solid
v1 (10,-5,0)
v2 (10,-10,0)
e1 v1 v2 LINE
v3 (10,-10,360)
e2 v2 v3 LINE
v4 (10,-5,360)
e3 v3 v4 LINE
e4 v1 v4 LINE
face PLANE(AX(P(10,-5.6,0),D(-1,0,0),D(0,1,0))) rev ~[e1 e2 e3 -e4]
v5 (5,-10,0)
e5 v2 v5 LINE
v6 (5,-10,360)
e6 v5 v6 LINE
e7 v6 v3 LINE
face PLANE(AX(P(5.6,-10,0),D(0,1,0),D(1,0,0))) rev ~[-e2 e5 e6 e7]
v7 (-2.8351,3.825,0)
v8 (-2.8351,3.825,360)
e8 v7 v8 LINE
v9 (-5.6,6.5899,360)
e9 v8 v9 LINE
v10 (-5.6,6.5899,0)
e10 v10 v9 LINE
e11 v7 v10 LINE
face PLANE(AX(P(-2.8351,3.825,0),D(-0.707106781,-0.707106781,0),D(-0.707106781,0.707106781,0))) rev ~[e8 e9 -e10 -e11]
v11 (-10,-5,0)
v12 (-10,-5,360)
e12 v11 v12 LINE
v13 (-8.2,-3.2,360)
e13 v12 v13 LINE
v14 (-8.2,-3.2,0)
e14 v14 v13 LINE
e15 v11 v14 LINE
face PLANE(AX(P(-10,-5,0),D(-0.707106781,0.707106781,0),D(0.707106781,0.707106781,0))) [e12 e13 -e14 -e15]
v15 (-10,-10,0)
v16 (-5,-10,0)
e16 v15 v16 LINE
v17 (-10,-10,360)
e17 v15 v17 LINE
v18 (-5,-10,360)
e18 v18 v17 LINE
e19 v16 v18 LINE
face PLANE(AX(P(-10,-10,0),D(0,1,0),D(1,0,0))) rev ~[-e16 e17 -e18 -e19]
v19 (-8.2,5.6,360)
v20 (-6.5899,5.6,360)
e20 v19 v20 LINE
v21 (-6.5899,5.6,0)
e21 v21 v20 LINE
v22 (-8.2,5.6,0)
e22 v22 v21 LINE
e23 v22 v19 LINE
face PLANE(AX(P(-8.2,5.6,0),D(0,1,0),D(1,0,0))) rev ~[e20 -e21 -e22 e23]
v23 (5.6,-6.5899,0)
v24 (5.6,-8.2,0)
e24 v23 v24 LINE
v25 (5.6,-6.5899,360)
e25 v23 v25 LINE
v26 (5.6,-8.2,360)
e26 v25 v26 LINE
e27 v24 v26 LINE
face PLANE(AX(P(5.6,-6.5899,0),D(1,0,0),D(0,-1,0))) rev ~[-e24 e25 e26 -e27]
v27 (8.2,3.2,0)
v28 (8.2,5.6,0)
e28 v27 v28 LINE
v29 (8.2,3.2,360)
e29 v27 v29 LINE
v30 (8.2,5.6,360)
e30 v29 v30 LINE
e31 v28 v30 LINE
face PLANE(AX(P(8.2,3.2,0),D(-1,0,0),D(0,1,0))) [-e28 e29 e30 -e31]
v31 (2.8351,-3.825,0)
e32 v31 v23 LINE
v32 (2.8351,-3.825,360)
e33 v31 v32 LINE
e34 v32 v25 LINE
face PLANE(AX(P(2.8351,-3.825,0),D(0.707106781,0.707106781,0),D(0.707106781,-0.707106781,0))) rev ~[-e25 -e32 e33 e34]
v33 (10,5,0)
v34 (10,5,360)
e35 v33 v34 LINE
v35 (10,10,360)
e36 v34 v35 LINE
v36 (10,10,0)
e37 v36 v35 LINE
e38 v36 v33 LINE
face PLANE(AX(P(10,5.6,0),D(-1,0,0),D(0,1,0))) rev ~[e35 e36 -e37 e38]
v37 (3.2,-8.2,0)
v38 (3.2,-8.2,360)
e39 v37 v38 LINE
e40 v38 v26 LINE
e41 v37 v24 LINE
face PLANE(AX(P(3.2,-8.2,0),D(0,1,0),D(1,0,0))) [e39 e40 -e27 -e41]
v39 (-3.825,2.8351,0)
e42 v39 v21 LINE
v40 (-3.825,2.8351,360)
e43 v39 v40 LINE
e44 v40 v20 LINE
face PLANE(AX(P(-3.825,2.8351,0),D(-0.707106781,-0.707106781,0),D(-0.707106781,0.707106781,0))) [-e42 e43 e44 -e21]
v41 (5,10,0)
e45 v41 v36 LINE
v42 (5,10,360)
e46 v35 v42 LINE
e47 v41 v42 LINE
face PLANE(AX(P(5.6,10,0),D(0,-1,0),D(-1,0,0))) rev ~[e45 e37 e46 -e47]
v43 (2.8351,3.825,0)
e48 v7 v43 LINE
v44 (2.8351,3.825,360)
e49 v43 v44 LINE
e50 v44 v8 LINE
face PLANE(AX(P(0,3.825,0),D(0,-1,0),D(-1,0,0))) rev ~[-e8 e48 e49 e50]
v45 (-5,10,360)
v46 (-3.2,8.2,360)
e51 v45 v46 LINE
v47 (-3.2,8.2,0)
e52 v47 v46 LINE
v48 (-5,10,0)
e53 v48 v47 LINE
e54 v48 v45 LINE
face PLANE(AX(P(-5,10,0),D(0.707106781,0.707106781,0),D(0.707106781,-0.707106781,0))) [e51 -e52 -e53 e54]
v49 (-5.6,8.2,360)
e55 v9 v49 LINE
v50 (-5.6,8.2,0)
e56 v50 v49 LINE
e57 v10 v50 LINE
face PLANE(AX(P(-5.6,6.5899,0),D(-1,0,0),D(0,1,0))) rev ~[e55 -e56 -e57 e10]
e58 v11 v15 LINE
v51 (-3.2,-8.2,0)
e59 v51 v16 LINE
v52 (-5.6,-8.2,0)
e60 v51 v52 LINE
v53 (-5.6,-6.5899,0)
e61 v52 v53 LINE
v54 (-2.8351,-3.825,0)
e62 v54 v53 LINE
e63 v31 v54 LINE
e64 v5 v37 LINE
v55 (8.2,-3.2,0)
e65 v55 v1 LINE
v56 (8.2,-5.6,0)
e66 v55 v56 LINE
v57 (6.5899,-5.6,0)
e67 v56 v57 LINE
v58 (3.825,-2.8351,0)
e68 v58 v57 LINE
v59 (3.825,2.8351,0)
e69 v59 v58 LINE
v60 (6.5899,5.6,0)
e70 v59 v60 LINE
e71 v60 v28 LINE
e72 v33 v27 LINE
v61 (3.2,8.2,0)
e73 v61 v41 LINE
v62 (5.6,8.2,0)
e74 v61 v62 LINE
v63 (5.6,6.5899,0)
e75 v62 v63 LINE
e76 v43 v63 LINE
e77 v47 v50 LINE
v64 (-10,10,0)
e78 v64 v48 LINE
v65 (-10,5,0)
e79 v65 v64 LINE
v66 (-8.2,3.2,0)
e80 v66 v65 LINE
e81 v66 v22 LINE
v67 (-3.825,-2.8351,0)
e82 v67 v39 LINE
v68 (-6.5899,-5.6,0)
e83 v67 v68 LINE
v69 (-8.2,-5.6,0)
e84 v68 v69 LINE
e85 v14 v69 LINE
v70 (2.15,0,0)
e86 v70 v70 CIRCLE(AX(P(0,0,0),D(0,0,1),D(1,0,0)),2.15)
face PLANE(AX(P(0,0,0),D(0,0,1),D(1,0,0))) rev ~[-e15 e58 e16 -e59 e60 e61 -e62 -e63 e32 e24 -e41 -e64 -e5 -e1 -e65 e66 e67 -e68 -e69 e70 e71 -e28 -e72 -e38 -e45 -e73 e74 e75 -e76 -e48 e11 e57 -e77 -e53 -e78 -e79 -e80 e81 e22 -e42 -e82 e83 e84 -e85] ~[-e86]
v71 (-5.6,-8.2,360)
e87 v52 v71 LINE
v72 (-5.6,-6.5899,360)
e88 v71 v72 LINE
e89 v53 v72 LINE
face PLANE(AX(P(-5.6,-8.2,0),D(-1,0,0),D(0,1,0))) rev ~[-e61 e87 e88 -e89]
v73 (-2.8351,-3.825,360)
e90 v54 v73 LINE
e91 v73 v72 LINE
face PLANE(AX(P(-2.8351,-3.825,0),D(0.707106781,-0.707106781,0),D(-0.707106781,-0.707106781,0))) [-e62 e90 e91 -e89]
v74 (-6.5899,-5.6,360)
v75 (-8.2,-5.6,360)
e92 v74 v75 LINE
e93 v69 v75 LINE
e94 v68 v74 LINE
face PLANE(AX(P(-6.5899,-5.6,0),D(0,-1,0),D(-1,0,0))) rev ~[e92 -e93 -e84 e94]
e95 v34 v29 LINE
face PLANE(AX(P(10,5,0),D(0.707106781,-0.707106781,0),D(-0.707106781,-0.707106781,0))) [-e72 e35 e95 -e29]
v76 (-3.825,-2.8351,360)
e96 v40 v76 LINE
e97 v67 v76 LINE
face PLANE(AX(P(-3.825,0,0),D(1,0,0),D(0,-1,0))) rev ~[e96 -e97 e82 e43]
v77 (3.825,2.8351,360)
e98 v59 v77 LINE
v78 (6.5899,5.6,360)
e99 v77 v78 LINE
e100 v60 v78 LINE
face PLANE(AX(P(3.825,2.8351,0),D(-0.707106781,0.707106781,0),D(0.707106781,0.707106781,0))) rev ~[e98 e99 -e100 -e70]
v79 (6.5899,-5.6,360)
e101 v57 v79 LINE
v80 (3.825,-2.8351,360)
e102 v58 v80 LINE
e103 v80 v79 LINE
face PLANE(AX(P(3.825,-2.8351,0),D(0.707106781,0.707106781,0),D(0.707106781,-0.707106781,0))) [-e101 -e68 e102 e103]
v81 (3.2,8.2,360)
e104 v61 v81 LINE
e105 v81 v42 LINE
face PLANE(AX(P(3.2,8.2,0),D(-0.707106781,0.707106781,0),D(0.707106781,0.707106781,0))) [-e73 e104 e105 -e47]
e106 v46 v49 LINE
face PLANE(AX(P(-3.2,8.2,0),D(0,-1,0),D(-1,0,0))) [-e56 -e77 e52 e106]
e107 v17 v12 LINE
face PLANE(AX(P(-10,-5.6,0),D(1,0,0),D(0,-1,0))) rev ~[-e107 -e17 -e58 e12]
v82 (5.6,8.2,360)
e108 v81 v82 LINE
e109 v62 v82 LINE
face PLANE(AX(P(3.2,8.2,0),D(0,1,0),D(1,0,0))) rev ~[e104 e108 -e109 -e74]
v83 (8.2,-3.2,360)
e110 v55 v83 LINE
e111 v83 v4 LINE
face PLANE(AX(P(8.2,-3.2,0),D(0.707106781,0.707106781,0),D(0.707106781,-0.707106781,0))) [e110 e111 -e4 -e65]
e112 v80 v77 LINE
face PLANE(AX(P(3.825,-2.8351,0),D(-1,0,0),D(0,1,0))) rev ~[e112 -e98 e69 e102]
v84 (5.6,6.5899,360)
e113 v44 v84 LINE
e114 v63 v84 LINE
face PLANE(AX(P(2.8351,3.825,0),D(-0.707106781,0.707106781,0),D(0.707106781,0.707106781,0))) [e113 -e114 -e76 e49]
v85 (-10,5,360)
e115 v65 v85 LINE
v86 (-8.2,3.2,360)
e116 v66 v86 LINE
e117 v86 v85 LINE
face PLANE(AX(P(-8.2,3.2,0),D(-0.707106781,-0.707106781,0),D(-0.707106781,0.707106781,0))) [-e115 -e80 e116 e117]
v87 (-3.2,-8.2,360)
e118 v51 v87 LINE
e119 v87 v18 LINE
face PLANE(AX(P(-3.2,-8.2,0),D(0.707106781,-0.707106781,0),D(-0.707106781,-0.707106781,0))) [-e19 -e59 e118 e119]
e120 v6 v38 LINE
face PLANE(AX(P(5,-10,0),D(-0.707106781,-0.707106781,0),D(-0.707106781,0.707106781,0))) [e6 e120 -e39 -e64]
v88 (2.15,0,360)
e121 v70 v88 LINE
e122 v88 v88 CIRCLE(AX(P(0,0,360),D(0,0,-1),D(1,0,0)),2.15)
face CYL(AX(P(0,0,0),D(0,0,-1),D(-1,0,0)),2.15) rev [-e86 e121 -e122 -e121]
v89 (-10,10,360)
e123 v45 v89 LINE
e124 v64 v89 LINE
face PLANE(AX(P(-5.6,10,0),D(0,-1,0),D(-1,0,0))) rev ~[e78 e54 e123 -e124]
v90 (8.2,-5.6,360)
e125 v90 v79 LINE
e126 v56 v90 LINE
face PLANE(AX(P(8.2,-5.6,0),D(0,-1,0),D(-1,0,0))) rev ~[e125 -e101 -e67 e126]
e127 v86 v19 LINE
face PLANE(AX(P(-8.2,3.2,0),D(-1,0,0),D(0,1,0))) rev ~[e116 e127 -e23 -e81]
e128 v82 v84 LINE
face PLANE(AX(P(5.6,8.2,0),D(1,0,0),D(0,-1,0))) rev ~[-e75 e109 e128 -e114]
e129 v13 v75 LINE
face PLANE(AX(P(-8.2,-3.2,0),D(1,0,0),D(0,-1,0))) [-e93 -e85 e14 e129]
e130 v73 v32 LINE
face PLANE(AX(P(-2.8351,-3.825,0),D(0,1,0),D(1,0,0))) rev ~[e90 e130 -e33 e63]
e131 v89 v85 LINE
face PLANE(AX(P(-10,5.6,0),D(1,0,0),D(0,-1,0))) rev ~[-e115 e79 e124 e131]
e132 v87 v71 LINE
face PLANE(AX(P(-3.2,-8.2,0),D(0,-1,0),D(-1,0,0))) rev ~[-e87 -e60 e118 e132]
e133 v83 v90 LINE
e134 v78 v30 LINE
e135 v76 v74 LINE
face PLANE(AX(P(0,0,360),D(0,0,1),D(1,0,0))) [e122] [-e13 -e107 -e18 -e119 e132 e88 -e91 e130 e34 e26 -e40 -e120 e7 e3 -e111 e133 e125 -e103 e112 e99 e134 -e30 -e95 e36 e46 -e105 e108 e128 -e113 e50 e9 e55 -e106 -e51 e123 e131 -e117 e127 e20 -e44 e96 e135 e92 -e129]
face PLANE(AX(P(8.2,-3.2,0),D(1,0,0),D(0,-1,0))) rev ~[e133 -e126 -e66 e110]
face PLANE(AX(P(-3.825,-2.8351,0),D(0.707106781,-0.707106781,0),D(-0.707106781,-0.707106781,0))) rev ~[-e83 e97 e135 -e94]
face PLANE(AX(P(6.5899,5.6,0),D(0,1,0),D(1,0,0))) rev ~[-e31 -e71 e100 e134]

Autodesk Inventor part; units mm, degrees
ref_plane "YZ Plane" through (0, 0, 0) normal (1, 0, 0) x (0, 1, 0)
ref_plane "XZ Plane" through (0, 0, 0) normal (0, 1, 0) x (-1, 0, 0)
ref_plane "XY Plane" through (0, 0, 0) normal (0, 0, 1) x (1, 0, 0)
sketch "Sketch1" plane through (0, 0, 0) normal (0, 0, 1) x (1, 0, 0)
  line L0 (-10, -10) -> (-5.6, -10)
  line L1 (-10, -5.6) -> (-10, -10)
  line L2 (-5.6, -10) -> (-5, -10)
  line L3 (-3.2, -8.2) -> (-5.6, -8.2)
  line L4 (-2.8351, -3.825) -> (-5.6, -6.5899)
  line L5 (-3.825, -2.8351) -> (-6.5899, -5.6)
  line L6 (0, 0) -> (0, -11) construction
  line L7 (0, 0) -> (-12, 0) construction
  line L8 (-3.2, -8.2) -> (-5, -10)
  line L9 (-6.5899, -5.6) -> (-8.2, -5.6)
  line L10 (-10, -5.6) -> (-10, -5)
  line L11 (-10, -5) -> (-8.2, -3.2)
  line L12 (-8.2, -3.2) -> (-8.2, -5.6)
  line L13 (-5.6, -8.2) -> (-5.6, -6.5899)
  arc A0 (-2.15, 0) -> (0, -2.15) centre (0, 0) ccw
  line L14 (0, 0) -> (-3.825, 0)
  line L15 (-3.825, 0) -> (-3.825, -2.8351)
  line L16 (-2.8351, -3.825) -> (0, -3.825)
  line L17 (0, -3.825) -> (0, 0)
  line L18 (-2.8351, -3.825) -> (-3.825, -3.825) construction
  line L19 (-3.825, -3.825) -> (-3.825, -2.8351) construction
  line L20 (3.825, -2.8351) -> (3.825, -3.825) construction
  line L21 (3.825, -2.8351) -> (3.825, 0)
  line L22 (3.825, -3.825) -> (2.8351, -3.825) construction
  line L23 (3.825, 0) -> (0, 0)
  line L24 (0, -3.825) -> (2.8351, -3.825)
  arc A1 (0, -2.15) -> (2.15, 0) centre (0, 0) ccw
  line L25 (0, 0) -> (0, -3.825)
  line L26 (2.8351, -3.825) -> (5.6, -6.5899)
  line L27 (0, 0) -> (0, -12) construction
  line L28 (0, 0) -> (11, 0) construction
  line L29 (3.825, -2.8351) -> (6.5899, -5.6)
  line L30 (8.2, -3.2) -> (8.2, -5.6)
  line L31 (10, -5.6) -> (10, -5)
  line L32 (8.2, -3.2) -> (10, -5)
  line L33 (8.2, -5.6) -> (6.5899, -5.6)
  line L34 (5.6, -6.5899) -> (5.6, -8.2)
  line L35 (10, -10) -> (10, -5.6)
  line L36 (5.6, -10) -> (10, -10)
  line L37 (3.2, -8.2) -> (5.6, -8.2)
  line L38 (5, -10) -> (3.2, -8.2)
  line L39 (5.6, -10) -> (5, -10)
  line L40 (2.8351, 3.825) -> (3.825, 3.825) construction
  line L41 (2.8351, 3.825) -> (0, 3.825)
  line L42 (3.825, 3.825) -> (3.825, 2.8351) construction
  line L43 (0, 3.825) -> (0, 0)
  line L44 (3.825, 0) -> (3.825, 2.8351)
  arc A2 (2.15, 0) -> (0, 2.15) centre (0, 0) ccw
  line L45 (0, 0) -> (3.825, 0)
  line L46 (3.825, 2.8351) -> (6.5899, 5.6)
  line L47 (0, 0) -> (12, 0) construction
  line L48 (0, 0) -> (0, 11) construction
  line L49 (2.8351, 3.825) -> (5.6, 6.5899)
  line L50 (3.2, 8.2) -> (5.6, 8.2)
  line L51 (5.6, 10) -> (5, 10)
  line L52 (3.2, 8.2) -> (5, 10)
  line L53 (5.6, 8.2) -> (5.6, 6.5899)
  line L54 (6.5899, 5.6) -> (8.2, 5.6)
  line L55 (10, 10) -> (5.6, 10)
  line L56 (10, 5.6) -> (10, 10)
  line L57 (8.2, 3.2) -> (8.2, 5.6)
  line L58 (10, 5) -> (8.2, 3.2)
  line L59 (10, 5.6) -> (10, 5)
  line L60 (-3.825, 2.8351) -> (-3.825, 3.825) construction
  line L61 (-3.825, 2.8351) -> (-3.825, 0)
  line L62 (-3.825, 3.825) -> (-2.8351, 3.825) construction
  line L63 (-3.825, 0) -> (0, 0)
  line L64 (0, 3.825) -> (-2.8351, 3.825)
  arc A3 (0, 2.15) -> (-2.15, 0) centre (0, 0) ccw
  line L65 (0, 0) -> (0, 3.825)
  line L66 (-2.8351, 3.825) -> (-5.6, 6.5899)
  line L67 (0, 0) -> (0, 12) construction
  line L68 (0, 0) -> (-11, 0) construction
  line L69 (-3.825, 2.8351) -> (-6.5899, 5.6)
  line L70 (-8.2, 3.2) -> (-8.2, 5.6)
  line L71 (-10, 5.6) -> (-10, 5)
  line L72 (-8.2, 3.2) -> (-10, 5)
  line L73 (-8.2, 5.6) -> (-6.5899, 5.6)
  line L74 (-5.6, 6.5899) -> (-5.6, 8.2)
  line L75 (-10, 10) -> (-10, 5.6)
  line L76 (-5.6, 10) -> (-10, 10)
  line L77 (-3.2, 8.2) -> (-5.6, 8.2)
  line L78 (-5, 10) -> (-3.2, 8.2)
  line L79 (-5.6, 10) -> (-5, 10)
  point P0 (0, 2.15)
  point P1 (2.15, 0)
  point P2 (0, -2.15)
  dimension "d16" = 10
  dimension "d19" = 3.2
  dimension "d21" = 4.4
  dimension "d22" = 4.4
  dimension "d24" = 45
  dimension "d25" = 1.8
  dimension "d27" = 1.8
  dimension "d28" = 45
  dimension "d29" = 3.2
  dimension "d31" = 1.4
  dimension "d33" = 2.15
  dimension "d34" = 3.825
  dimension "d35" = 3.825
  dimension "d36" = 135
  dimension "d39" = 360
extrude "Extrusion1" add sketch "Sketch1" along normal blind 360 contours L1 L10 L11 L12 L9 L5 L15 L14 A0 L17 L16 L4 L13 L3 L8 L2 L0 | L17 A1 L23 L21 L29 L33 L30 L32 L31 L35 L36 L39 L38 L37 L34 L26 L24 | L61 L69 L73 L70 L72 L71 L75 L76 L79 L78 L77 L74 L66 L64 L43 A3 L14 | A2 L43 L41 L49 L53 L50 L52 L51 L55 L56 L59 L58 L57 L54 L46 L44 L23
properties part number "AP20x20"
